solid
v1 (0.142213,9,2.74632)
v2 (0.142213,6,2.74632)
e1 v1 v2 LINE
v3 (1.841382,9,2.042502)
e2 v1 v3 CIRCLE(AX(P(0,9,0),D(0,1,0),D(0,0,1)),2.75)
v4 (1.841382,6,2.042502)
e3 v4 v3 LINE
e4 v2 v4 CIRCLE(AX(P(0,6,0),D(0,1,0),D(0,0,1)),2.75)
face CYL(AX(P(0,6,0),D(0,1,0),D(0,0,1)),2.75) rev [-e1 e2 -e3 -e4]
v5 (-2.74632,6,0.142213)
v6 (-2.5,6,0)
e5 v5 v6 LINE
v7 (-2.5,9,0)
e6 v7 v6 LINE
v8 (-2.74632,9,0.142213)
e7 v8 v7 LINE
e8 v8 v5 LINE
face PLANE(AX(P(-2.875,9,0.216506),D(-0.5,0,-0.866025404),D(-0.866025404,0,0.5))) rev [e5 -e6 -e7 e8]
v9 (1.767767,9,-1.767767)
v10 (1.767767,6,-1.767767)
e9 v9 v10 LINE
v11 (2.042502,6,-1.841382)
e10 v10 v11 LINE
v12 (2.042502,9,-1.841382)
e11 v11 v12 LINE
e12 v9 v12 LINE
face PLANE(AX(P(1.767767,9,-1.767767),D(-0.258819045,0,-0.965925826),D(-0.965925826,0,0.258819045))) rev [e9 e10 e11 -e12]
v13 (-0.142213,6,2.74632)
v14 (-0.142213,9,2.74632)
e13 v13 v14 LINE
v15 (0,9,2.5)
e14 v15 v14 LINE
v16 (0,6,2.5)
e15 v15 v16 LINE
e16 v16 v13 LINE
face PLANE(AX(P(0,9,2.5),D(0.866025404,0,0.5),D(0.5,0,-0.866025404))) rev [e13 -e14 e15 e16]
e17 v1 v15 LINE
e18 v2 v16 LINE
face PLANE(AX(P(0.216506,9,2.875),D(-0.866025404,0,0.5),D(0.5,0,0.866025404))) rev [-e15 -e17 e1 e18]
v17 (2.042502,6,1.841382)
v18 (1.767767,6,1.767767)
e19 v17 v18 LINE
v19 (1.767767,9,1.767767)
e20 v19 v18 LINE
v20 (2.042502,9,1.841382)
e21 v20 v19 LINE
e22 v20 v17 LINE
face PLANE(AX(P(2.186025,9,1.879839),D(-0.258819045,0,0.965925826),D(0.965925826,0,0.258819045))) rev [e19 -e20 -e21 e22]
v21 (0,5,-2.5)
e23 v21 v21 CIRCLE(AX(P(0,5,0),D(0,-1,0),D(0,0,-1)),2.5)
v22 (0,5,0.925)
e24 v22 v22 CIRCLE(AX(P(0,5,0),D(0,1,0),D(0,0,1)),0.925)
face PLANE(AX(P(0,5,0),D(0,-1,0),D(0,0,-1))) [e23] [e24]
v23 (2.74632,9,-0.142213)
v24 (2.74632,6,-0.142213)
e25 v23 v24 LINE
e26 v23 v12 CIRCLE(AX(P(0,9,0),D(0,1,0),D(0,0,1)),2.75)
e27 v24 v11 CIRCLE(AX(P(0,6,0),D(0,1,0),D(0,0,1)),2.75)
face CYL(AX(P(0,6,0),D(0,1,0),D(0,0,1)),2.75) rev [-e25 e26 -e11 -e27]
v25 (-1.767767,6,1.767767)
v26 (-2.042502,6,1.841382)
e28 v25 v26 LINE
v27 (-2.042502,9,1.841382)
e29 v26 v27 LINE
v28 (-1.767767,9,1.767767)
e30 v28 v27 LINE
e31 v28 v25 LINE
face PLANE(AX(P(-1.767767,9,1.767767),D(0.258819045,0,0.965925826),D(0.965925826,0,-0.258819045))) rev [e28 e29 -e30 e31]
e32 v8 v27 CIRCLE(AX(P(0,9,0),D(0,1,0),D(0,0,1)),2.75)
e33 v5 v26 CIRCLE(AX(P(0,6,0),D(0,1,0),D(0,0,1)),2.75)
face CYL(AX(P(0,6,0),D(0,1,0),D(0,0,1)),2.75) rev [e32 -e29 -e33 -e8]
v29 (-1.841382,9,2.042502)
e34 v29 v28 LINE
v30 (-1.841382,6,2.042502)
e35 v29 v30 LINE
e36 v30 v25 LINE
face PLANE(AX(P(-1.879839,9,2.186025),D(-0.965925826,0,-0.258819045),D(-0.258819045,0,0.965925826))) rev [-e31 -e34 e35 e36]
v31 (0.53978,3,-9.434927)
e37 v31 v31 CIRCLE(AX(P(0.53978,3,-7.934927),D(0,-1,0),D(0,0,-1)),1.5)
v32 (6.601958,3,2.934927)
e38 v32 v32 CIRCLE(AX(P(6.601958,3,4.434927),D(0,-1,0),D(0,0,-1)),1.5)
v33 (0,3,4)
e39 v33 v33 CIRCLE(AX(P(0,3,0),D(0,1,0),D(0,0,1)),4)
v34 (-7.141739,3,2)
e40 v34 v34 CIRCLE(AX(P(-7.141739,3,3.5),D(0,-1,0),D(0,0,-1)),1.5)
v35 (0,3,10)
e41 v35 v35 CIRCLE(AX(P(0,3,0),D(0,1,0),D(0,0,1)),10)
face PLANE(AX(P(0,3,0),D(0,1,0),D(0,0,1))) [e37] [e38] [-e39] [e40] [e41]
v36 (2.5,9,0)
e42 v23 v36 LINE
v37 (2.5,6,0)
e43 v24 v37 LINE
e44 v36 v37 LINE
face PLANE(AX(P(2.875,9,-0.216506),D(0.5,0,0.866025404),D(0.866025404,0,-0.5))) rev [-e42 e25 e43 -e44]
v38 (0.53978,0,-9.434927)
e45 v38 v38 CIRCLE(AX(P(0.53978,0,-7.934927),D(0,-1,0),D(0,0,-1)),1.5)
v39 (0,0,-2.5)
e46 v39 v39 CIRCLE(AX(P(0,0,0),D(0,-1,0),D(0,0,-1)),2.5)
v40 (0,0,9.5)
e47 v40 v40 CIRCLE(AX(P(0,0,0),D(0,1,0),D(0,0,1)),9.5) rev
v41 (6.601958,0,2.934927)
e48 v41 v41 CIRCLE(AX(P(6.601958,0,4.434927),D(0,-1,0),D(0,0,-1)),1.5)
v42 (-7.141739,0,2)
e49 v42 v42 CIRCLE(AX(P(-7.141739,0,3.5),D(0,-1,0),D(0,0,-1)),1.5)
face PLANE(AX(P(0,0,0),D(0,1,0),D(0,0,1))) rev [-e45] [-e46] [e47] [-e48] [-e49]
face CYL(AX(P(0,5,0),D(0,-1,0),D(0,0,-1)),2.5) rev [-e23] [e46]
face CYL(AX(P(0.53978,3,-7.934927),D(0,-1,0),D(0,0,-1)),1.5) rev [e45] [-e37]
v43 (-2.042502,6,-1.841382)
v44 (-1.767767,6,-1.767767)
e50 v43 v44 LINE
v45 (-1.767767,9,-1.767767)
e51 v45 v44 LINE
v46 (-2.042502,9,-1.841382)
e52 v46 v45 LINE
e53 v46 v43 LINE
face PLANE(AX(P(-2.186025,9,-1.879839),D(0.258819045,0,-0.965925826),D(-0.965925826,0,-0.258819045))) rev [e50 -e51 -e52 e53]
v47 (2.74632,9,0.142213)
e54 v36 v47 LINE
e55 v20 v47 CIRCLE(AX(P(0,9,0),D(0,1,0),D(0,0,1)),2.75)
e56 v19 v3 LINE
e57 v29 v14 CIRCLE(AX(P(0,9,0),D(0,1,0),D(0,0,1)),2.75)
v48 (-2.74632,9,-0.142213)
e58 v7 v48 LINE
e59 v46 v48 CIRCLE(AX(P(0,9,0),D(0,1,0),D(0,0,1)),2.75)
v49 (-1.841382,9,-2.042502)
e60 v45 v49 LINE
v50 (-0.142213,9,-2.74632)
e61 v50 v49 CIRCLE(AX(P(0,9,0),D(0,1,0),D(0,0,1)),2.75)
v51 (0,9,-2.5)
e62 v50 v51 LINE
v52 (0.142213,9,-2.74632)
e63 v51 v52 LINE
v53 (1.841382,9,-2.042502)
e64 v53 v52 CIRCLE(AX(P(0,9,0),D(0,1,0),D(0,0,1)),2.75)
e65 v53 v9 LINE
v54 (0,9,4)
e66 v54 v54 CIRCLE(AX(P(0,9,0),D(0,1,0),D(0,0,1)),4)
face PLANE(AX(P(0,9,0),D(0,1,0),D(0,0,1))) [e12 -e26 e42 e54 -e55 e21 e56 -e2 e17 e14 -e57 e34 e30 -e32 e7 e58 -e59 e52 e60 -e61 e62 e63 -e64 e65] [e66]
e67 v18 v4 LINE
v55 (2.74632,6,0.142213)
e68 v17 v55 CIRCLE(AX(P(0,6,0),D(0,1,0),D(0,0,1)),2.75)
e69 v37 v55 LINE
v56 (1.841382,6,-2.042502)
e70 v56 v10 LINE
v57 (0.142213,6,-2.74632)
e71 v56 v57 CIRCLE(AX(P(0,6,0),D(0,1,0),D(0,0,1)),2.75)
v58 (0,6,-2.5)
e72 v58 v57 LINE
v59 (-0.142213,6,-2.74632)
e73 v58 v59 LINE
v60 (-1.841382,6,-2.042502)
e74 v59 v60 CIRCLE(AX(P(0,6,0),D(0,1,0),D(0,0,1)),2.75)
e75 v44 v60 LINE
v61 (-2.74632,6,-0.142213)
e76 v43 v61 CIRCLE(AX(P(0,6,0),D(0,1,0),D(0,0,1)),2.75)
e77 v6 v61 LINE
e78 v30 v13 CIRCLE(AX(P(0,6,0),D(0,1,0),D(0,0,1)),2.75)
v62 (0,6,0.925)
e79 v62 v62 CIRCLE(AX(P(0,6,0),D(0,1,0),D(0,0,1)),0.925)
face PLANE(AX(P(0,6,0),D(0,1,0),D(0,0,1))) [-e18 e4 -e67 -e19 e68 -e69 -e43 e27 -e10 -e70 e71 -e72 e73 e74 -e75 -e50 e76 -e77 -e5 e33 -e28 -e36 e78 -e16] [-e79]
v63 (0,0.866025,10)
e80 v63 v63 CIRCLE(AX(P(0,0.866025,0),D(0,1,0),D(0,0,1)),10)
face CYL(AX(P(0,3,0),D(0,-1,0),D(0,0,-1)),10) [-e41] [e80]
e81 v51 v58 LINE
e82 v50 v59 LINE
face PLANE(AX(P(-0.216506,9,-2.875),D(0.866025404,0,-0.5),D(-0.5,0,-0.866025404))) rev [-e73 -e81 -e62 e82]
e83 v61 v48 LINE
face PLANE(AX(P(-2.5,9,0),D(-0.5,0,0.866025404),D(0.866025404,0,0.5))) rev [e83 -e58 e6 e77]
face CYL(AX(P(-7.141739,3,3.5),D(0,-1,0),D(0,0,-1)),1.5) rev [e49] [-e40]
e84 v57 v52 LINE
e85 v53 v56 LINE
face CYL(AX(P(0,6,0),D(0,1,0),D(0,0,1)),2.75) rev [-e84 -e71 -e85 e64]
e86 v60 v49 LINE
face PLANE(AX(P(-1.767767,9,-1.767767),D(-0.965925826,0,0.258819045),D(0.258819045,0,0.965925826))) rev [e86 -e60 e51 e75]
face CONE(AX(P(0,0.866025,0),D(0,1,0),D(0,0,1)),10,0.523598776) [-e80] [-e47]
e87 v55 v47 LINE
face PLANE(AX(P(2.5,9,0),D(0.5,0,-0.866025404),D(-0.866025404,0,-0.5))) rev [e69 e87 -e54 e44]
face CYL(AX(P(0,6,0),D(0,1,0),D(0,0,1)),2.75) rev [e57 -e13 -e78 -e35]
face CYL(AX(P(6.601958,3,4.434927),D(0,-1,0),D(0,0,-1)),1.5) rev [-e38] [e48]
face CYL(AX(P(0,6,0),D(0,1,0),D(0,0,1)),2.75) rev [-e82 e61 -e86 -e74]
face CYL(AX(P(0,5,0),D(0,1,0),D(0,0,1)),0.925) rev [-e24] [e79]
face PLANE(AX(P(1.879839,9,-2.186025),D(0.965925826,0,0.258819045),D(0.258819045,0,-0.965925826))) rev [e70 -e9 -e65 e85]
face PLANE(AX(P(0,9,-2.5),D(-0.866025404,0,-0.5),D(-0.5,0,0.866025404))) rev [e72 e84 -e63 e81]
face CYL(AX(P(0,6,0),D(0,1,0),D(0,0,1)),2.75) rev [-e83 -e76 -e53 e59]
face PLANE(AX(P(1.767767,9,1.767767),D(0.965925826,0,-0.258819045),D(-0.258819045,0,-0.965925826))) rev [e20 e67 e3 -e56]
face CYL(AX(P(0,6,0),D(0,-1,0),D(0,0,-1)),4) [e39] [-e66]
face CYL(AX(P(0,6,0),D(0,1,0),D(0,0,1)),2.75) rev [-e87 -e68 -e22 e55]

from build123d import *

# Parameters (mm, degrees)
SKETCH1_R           = 10
BOSS_EXTRUDE1_DEPTH = 3
SKETCH2_R           = 4
BOSS_EXTRUDE2_DEPTH = 3
SKETCH3_R           = 2.5
CUT_EXTRUDE1_DEPTH  = 5
SKETCH4_R           = 1.5
CUT_EXTRUDE2_DEPTH  = 3
SKETCH5_R           = 0.925
CUT_EXTRUDE3_DEPTH  = 1
CHAMFER1_SIZE       = 0.5
CHAMFER1_SIZE2      = 0.866025404
SKETCH6_R           = 4
BOSS_EXTRUDE3_DEPTH = 3
SKETCH7_R           = 2.75
CUT_EXTRUDE4_DEPTH  = 3
BOSS_EXTRUDE6_DEPTH = 3


with BuildPart() as part:
    # Sketch1 → Boss-Extrude1 (new body)
    with BuildSketch(Plane(origin=(0, 0, 0), x_dir=(1, 0, 0), z_dir=(0, 1, 0))):
        with Locations(Location((0, 0, 0), (0, 0, 270))):
            Circle(SKETCH1_R)
    extrude(amount=BOSS_EXTRUDE1_DEPTH)

    # Sketch2 → Boss-Extrude2 (add)
    with BuildSketch(Plane(origin=(0, 3, 0), x_dir=(1, 0, 0), z_dir=(0, 1, 0))):
        with Locations(Location((0, 0, 0), (0, 0, 270))):
            Circle(SKETCH2_R)
    extrude(amount=BOSS_EXTRUDE2_DEPTH)

    # Sketch3 → Cut-Extrude1 (cut)
    with BuildSketch(Plane.XZ):
        with Locations(Location((0, 0, 0), (0, 0, 270))):
            Circle(SKETCH3_R)
    extrude(amount=-CUT_EXTRUDE1_DEPTH, mode=Mode.SUBTRACT)

    # Sketch4 → Cut-Extrude2 (cut)
    with BuildSketch(Plane.XZ):
        with Locations(Location((-7.141738564, 3.5, 0), (0, 0, 270))):
            Circle(SKETCH4_R)
        with Locations(Location((6.601958195, 4.434927024, 0), (0, 0, 270))):
            Circle(SKETCH4_R)
        with Locations(Location((0.539780369, -7.934927024, 0), (0, 0, 270))):
            Circle(SKETCH4_R)
    extrude(amount=-CUT_EXTRUDE2_DEPTH, mode=Mode.SUBTRACT)

    # Sketch5 → Cut-Extrude3 (cut)
    with BuildSketch(Plane(origin=(0, 6, 0), x_dir=(1, 0, 0), z_dir=(0, 1, 0))):
        with Locations(Location((0, 0, 0), (0, 0, 270))):
            Circle(SKETCH5_R)
    extrude(amount=-CUT_EXTRUDE3_DEPTH, mode=Mode.SUBTRACT)

    # Chamfer1
    chamfer1_edges = [part.edges().sort_by_distance(p)[0] for p in [
        (0, 0, -10),
    ]]
    chamfer1_side = [part.faces().sort_by_distance(p)[0] for p in [
        (0, 0, -9.717157288),
    ]]
    chamfer(chamfer1_edges, length=CHAMFER1_SIZE, length2=CHAMFER1_SIZE2, reference=chamfer1_side[0])

    # Sketch6 → Boss-Extrude3 (add)
    with BuildSketch(Plane(origin=(0, 6, 0), x_dir=(1, 0, 0), z_dir=(0, 1, 0))):
        with Locations(Location((0, 0, 0), (0, 0, 270))):
            Circle(SKETCH6_R)
    extrude(amount=BOSS_EXTRUDE3_DEPTH)

    # Sketch7 → Cut-Extrude4 (cut)
    with BuildSketch(Plane(origin=(0, 9, 0), x_dir=(1, 0, 0), z_dir=(0, 1, 0))):
        with Locations(Location((0, 0, 0), (0, 0, 270))):
            Circle(SKETCH7_R)
    extrude(amount=-CUT_EXTRUDE4_DEPTH, mode=Mode.SUBTRACT)

    # Sketch8 → Boss-Extrude6 (add)
    with BuildSketch(Plane(origin=(0, 6, 0), x_dir=(1, 0, 0), z_dir=(0, 1, 0))):
        Polygon((0, 2.5), (0.216506351, 2.875), (-0.216506351, 2.875), align=None)
        Polygon((1.767766953, 1.767766953), (2.186025105, 1.879838887), (1.879838887, 2.186025105), align=None)
        Polygon((2.5, 0), (2.875, -0.216506351), (2.875, 0.216506351), align=None)
        Polygon((1.767766953, -1.767766953), (1.879838887, -2.186025105), (2.186025105, -1.879838887), align=None)
        Polygon((0, -2.5), (-0.216506351, -2.875), (0.216506351, -2.875), align=None)
        Polygon((-1.767766953, -1.767766953), (-2.186025105, -1.879838887), (-1.879838887, -2.186025105), align=None)
        Polygon((-2.5, 0), (-2.875, 0.216506351), (-2.875, -0.216506351), align=None)
        Polygon((-1.767766953, 1.767766953), (-1.879838887, 2.186025105), (-2.186025105, 1.879838887), align=None)
    extrude(amount=BOSS_EXTRUDE6_DEPTH)


solid = part.part
